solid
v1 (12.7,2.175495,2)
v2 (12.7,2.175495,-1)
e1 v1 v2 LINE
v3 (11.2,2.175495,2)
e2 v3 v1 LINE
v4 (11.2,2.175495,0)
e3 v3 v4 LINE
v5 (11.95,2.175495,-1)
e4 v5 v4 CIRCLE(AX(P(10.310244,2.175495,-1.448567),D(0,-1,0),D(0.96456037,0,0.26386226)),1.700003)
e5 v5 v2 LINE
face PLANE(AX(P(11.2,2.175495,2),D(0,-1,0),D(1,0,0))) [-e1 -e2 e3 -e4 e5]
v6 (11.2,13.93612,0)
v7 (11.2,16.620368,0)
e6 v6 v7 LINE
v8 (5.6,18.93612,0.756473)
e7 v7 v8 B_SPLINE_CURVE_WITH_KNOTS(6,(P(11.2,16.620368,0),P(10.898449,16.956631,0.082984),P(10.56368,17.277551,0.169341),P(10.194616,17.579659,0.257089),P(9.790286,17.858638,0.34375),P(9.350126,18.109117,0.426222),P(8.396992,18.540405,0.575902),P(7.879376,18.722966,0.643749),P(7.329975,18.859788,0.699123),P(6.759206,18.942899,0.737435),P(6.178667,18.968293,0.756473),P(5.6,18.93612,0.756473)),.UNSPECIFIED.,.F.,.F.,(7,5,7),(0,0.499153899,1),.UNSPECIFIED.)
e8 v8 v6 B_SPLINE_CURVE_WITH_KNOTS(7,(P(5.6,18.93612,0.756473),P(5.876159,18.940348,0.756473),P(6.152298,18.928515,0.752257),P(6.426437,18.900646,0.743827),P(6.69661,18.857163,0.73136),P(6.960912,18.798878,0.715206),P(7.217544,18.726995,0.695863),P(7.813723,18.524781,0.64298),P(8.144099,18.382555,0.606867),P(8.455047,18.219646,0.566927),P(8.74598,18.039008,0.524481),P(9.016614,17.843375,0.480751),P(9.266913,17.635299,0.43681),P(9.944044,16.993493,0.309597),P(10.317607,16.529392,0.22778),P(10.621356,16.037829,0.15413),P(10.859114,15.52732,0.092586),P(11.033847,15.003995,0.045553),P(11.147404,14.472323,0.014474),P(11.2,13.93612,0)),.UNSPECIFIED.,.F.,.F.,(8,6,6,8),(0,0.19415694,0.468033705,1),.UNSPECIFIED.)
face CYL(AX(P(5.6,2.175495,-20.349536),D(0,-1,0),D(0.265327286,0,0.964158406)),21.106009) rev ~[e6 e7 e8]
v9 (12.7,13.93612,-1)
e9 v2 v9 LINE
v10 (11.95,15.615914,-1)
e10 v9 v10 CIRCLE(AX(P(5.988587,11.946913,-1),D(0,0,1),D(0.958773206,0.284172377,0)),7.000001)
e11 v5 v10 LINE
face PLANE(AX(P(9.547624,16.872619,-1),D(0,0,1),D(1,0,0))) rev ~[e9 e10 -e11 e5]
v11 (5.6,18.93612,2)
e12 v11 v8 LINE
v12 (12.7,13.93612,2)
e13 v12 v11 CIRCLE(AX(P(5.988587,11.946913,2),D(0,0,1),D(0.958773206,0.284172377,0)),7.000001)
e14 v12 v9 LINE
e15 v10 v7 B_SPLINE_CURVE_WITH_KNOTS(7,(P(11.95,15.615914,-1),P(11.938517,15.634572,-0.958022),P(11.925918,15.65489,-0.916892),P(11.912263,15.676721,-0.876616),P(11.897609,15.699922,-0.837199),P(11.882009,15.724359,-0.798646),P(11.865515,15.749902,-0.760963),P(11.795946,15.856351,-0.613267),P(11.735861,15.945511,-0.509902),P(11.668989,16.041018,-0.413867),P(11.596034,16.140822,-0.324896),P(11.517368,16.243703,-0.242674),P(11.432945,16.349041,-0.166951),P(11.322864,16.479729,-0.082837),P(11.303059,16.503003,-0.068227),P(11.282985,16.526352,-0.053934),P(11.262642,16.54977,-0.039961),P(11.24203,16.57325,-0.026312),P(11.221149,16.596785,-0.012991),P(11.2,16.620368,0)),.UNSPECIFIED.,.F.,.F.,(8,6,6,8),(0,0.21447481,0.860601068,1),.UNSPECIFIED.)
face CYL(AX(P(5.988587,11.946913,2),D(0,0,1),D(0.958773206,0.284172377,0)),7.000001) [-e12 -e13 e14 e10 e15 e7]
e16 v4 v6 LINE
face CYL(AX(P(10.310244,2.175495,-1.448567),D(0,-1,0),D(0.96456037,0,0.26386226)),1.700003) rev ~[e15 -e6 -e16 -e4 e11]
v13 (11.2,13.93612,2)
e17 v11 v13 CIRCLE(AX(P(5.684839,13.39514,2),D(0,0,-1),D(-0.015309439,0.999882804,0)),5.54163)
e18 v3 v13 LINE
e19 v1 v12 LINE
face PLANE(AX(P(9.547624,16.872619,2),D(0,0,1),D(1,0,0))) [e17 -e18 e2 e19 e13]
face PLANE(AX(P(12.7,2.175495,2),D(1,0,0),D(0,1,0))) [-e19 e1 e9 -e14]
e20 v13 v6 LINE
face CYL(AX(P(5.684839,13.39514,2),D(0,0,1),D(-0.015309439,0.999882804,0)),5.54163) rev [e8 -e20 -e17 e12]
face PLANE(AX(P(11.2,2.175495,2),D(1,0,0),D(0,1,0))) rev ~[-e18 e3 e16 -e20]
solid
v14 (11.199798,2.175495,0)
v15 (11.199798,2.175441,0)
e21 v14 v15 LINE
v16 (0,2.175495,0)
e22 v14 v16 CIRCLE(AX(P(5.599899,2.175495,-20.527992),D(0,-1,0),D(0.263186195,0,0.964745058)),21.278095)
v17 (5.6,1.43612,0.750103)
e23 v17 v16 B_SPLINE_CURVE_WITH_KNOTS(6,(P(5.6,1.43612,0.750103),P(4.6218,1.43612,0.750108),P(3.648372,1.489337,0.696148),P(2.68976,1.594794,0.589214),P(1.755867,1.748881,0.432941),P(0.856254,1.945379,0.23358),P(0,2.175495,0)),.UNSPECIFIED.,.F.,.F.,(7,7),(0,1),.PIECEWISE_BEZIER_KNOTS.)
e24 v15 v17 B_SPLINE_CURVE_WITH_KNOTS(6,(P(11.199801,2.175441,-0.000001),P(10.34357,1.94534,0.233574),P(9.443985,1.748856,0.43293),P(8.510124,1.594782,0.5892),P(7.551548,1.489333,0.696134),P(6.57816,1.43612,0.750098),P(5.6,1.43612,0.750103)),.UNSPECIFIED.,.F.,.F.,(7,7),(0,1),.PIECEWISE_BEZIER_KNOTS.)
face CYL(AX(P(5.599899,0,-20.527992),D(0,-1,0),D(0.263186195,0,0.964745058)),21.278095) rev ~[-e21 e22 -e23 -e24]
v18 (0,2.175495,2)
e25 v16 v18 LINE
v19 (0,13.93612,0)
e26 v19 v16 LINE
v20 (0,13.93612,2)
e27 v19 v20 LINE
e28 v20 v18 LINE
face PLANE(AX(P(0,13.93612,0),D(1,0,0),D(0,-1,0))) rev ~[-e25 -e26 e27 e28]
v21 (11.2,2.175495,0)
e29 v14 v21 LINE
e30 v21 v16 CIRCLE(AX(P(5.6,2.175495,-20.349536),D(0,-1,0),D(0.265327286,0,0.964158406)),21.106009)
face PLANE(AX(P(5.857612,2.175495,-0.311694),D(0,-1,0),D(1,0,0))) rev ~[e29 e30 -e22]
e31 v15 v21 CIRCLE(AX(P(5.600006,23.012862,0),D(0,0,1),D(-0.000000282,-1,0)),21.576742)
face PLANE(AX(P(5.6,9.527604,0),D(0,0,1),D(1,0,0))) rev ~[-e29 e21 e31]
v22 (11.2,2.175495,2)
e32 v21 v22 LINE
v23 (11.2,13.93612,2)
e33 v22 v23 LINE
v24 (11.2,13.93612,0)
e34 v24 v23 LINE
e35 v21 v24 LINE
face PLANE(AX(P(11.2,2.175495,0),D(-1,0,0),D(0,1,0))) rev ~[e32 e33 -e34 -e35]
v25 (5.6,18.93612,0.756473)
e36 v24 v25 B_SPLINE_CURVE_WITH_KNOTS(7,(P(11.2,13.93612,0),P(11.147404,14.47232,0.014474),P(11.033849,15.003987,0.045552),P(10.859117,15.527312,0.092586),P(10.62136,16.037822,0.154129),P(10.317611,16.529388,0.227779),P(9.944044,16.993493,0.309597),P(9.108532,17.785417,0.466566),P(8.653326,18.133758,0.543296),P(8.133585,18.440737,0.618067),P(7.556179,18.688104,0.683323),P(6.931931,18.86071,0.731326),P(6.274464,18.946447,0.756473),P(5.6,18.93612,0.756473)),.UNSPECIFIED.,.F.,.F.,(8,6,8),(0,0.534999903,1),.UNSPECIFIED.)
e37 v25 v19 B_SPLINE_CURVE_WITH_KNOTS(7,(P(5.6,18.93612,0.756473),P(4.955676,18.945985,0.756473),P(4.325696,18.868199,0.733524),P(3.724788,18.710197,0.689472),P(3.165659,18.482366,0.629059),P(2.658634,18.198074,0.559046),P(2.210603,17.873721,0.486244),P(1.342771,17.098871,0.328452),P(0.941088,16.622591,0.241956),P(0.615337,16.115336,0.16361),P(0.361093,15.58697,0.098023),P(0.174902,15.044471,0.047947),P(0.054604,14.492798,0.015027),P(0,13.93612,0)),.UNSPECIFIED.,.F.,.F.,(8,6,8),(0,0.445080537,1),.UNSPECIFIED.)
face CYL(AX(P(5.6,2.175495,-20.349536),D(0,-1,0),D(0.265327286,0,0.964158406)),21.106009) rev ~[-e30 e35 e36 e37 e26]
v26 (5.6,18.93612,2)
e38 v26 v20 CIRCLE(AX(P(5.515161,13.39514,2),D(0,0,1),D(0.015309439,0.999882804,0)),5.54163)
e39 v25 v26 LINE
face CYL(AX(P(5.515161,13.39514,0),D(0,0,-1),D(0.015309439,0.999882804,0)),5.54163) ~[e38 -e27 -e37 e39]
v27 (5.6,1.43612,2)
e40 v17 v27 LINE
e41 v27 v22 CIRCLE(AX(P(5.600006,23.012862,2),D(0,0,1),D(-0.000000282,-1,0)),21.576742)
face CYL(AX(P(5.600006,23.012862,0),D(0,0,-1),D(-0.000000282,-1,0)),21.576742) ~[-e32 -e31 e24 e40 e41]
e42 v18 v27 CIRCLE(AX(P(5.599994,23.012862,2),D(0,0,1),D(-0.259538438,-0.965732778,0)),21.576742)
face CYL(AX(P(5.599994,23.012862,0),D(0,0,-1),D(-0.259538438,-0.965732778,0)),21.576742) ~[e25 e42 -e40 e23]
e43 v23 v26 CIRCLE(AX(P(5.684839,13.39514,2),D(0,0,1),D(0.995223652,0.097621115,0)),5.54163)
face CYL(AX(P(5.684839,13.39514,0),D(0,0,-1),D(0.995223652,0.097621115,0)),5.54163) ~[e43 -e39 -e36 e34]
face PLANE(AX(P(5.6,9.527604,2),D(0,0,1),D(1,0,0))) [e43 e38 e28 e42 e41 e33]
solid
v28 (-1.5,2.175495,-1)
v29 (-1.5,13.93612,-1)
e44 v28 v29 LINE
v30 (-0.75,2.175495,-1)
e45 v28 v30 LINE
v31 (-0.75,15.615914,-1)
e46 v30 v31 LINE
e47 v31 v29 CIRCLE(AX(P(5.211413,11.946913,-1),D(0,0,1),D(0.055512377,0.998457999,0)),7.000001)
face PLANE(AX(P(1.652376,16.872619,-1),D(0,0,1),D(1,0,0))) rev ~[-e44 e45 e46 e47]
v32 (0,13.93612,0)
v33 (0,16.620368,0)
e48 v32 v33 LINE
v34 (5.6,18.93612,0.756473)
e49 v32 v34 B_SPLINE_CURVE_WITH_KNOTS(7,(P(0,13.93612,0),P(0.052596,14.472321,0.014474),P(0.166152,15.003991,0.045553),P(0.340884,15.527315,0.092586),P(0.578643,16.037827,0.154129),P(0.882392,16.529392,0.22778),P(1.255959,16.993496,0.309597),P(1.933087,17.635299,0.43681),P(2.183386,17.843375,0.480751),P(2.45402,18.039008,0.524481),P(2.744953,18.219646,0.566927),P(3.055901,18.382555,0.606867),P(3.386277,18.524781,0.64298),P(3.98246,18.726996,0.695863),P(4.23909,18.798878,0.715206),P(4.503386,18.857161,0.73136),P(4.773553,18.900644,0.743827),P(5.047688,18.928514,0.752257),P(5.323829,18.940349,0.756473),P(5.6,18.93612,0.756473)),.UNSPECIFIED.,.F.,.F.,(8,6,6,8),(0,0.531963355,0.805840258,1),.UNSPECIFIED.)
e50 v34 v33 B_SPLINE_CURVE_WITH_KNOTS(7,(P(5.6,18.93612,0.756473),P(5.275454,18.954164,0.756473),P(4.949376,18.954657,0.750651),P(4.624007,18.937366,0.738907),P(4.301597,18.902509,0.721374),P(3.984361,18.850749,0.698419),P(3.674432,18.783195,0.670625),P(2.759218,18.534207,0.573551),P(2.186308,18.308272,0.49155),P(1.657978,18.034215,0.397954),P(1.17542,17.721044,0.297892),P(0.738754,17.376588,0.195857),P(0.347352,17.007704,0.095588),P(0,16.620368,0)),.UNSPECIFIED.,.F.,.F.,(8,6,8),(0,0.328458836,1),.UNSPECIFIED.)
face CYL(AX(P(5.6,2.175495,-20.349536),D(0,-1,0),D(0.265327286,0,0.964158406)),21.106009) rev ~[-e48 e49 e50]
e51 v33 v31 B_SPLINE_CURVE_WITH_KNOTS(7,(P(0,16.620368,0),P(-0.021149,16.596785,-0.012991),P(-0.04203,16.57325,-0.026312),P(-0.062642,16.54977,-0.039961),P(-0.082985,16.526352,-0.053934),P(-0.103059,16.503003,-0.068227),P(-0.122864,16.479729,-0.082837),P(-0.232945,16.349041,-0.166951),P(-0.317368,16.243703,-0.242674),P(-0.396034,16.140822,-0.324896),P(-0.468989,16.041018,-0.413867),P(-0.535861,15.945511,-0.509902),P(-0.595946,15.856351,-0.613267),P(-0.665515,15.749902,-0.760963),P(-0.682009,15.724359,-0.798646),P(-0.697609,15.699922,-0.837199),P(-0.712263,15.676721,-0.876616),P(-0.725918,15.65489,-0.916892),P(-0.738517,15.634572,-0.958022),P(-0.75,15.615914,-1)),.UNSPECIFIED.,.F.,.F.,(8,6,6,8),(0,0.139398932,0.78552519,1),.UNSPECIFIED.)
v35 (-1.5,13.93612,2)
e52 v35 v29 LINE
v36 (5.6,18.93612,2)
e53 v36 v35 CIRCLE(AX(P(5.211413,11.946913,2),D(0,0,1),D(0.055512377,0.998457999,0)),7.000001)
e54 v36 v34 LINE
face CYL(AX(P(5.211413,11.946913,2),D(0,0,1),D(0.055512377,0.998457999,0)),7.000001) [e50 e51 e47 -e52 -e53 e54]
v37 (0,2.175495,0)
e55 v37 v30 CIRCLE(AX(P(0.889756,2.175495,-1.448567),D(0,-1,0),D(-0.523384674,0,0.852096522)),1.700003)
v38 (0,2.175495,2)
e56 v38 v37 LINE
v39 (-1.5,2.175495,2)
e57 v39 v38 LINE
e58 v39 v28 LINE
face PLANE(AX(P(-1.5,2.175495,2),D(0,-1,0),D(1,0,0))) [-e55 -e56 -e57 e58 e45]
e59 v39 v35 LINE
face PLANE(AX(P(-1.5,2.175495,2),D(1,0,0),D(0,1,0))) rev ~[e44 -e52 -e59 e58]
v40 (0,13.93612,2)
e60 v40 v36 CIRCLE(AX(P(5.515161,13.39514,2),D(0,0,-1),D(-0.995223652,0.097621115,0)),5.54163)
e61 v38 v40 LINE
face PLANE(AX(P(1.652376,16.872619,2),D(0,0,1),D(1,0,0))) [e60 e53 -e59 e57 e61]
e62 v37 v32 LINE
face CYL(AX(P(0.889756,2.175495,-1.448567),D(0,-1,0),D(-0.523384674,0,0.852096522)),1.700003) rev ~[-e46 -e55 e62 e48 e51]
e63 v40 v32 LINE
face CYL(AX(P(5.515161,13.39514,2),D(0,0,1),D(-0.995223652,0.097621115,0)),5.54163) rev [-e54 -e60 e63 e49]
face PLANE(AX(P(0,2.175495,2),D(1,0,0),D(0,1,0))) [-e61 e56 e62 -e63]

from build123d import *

# Parameters (mm, degrees)
F1_DEPTH = 2
F3_DEPTH = 25
F4_W     = 1.5
F4_H     = 11.760625
F5_DEPTH = 3
F7_DEPTH = 25
F9_DEPTH = 16.772419


with BuildPart() as f1:
    # F0 (on Top) → F1 (new body)
    with BuildSketch(Plane.XY):
        with BuildLine():
            ThreePointArc((11.2, 13.93612), (9.375652, 17.52885), (5.6, 18.93612))
            ThreePointArc((5.6, 18.93612), (1.824348, 17.52885), (0, 13.93612))
            Line((0, 13.93612), (0, 2.175495))
            ThreePointArc((0, 2.175495), (2.7757, 1.621762), (5.6, 1.43612))
            ThreePointArc((5.6, 1.43612), (8.4243, 1.621762), (11.2, 2.175495))
            Line((11.2, 2.175495), (11.2, 13.93612))
        make_face()
    extrude(amount=F1_DEPTH)

    # F2 (on Front) → F3 (cut)
    with BuildSketch(Plane.XZ):
        with BuildLine():
            Line((0, 0), (11.2, -5.5e-05))
            ThreePointArc((11.2, -5.5e-05), (5.600004, 0.750103), (0, 0))
        make_face()
    extrude(amount=-F3_DEPTH, mode=Mode.SUBTRACT)


with BuildPart() as f5:
    # F4 (on face) → F5 (new body)
    with BuildSketch(Plane.XY.offset(2)):
        with BuildLine():
            ThreePointArc((12.7, 13.93612), (10.019038, 17.670153), (5.6, 18.93612))
            ThreePointArc((5.6, 18.93612), (9.375652, 17.52885), (11.2, 13.93612))
            Line((11.2, 13.93612), (12.7, 13.93612))
        make_face()
        with Locations((11.95, 8.055808)):
            Rectangle(F4_W, F4_H)
        with BuildLine():
            Line((-1.5, 13.93612), (0, 13.93612))
            ThreePointArc((0, 13.93612), (1.824348, 17.52885), (5.6, 18.93612))
            ThreePointArc((5.6, 18.93612), (1.180962, 17.670153), (-1.5, 13.93612))
        make_face()
        with Locations((-0.75, 8.055808)):
            Rectangle(F4_W, F4_H)
    extrude(amount=-F5_DEPTH)

    # F6 (on face) → F7 (cut)
    with BuildSketch(Plane.XZ.offset(-2.175495)):
        with BuildLine():
            Line((0, -1), (0, 0))
            ThreePointArc((0, 0), (-0.470247, -0.428565), (-0.75, -1))
            Line((-0.75, -1), (0, -1))
        make_face()
    extrude(amount=-F7_DEPTH, mode=Mode.SUBTRACT)


with BuildPart() as f9_tool:
    # F8 (on face) → F9 (new body, through all)
    with BuildSketch(Plane.XZ.offset(-2.175495)):
        with BuildLine():
            Line((0, -1), (11.95, -1))
            ThreePointArc((11.95, -1), (11.670247, -0.428565), (11.2, 0))
            ThreePointArc((11.2, 0), (5.6, 0.756473), (0, 0))
            Line((0, 0), (0, -1))
        make_face()
    extrude(amount=-F9_DEPTH)


with BuildPart() as f1_1:
    add(f1.part)

    # F9: cut by f9_tool
    add(f9_tool.part, mode=Mode.SUBTRACT)


with BuildPart() as f5_1:
    add(f5.part)

    # F9: cut by f9_tool
    add(f9_tool.part, mode=Mode.SUBTRACT)


solid = Compound([f1_1.part, f5_1.part])
